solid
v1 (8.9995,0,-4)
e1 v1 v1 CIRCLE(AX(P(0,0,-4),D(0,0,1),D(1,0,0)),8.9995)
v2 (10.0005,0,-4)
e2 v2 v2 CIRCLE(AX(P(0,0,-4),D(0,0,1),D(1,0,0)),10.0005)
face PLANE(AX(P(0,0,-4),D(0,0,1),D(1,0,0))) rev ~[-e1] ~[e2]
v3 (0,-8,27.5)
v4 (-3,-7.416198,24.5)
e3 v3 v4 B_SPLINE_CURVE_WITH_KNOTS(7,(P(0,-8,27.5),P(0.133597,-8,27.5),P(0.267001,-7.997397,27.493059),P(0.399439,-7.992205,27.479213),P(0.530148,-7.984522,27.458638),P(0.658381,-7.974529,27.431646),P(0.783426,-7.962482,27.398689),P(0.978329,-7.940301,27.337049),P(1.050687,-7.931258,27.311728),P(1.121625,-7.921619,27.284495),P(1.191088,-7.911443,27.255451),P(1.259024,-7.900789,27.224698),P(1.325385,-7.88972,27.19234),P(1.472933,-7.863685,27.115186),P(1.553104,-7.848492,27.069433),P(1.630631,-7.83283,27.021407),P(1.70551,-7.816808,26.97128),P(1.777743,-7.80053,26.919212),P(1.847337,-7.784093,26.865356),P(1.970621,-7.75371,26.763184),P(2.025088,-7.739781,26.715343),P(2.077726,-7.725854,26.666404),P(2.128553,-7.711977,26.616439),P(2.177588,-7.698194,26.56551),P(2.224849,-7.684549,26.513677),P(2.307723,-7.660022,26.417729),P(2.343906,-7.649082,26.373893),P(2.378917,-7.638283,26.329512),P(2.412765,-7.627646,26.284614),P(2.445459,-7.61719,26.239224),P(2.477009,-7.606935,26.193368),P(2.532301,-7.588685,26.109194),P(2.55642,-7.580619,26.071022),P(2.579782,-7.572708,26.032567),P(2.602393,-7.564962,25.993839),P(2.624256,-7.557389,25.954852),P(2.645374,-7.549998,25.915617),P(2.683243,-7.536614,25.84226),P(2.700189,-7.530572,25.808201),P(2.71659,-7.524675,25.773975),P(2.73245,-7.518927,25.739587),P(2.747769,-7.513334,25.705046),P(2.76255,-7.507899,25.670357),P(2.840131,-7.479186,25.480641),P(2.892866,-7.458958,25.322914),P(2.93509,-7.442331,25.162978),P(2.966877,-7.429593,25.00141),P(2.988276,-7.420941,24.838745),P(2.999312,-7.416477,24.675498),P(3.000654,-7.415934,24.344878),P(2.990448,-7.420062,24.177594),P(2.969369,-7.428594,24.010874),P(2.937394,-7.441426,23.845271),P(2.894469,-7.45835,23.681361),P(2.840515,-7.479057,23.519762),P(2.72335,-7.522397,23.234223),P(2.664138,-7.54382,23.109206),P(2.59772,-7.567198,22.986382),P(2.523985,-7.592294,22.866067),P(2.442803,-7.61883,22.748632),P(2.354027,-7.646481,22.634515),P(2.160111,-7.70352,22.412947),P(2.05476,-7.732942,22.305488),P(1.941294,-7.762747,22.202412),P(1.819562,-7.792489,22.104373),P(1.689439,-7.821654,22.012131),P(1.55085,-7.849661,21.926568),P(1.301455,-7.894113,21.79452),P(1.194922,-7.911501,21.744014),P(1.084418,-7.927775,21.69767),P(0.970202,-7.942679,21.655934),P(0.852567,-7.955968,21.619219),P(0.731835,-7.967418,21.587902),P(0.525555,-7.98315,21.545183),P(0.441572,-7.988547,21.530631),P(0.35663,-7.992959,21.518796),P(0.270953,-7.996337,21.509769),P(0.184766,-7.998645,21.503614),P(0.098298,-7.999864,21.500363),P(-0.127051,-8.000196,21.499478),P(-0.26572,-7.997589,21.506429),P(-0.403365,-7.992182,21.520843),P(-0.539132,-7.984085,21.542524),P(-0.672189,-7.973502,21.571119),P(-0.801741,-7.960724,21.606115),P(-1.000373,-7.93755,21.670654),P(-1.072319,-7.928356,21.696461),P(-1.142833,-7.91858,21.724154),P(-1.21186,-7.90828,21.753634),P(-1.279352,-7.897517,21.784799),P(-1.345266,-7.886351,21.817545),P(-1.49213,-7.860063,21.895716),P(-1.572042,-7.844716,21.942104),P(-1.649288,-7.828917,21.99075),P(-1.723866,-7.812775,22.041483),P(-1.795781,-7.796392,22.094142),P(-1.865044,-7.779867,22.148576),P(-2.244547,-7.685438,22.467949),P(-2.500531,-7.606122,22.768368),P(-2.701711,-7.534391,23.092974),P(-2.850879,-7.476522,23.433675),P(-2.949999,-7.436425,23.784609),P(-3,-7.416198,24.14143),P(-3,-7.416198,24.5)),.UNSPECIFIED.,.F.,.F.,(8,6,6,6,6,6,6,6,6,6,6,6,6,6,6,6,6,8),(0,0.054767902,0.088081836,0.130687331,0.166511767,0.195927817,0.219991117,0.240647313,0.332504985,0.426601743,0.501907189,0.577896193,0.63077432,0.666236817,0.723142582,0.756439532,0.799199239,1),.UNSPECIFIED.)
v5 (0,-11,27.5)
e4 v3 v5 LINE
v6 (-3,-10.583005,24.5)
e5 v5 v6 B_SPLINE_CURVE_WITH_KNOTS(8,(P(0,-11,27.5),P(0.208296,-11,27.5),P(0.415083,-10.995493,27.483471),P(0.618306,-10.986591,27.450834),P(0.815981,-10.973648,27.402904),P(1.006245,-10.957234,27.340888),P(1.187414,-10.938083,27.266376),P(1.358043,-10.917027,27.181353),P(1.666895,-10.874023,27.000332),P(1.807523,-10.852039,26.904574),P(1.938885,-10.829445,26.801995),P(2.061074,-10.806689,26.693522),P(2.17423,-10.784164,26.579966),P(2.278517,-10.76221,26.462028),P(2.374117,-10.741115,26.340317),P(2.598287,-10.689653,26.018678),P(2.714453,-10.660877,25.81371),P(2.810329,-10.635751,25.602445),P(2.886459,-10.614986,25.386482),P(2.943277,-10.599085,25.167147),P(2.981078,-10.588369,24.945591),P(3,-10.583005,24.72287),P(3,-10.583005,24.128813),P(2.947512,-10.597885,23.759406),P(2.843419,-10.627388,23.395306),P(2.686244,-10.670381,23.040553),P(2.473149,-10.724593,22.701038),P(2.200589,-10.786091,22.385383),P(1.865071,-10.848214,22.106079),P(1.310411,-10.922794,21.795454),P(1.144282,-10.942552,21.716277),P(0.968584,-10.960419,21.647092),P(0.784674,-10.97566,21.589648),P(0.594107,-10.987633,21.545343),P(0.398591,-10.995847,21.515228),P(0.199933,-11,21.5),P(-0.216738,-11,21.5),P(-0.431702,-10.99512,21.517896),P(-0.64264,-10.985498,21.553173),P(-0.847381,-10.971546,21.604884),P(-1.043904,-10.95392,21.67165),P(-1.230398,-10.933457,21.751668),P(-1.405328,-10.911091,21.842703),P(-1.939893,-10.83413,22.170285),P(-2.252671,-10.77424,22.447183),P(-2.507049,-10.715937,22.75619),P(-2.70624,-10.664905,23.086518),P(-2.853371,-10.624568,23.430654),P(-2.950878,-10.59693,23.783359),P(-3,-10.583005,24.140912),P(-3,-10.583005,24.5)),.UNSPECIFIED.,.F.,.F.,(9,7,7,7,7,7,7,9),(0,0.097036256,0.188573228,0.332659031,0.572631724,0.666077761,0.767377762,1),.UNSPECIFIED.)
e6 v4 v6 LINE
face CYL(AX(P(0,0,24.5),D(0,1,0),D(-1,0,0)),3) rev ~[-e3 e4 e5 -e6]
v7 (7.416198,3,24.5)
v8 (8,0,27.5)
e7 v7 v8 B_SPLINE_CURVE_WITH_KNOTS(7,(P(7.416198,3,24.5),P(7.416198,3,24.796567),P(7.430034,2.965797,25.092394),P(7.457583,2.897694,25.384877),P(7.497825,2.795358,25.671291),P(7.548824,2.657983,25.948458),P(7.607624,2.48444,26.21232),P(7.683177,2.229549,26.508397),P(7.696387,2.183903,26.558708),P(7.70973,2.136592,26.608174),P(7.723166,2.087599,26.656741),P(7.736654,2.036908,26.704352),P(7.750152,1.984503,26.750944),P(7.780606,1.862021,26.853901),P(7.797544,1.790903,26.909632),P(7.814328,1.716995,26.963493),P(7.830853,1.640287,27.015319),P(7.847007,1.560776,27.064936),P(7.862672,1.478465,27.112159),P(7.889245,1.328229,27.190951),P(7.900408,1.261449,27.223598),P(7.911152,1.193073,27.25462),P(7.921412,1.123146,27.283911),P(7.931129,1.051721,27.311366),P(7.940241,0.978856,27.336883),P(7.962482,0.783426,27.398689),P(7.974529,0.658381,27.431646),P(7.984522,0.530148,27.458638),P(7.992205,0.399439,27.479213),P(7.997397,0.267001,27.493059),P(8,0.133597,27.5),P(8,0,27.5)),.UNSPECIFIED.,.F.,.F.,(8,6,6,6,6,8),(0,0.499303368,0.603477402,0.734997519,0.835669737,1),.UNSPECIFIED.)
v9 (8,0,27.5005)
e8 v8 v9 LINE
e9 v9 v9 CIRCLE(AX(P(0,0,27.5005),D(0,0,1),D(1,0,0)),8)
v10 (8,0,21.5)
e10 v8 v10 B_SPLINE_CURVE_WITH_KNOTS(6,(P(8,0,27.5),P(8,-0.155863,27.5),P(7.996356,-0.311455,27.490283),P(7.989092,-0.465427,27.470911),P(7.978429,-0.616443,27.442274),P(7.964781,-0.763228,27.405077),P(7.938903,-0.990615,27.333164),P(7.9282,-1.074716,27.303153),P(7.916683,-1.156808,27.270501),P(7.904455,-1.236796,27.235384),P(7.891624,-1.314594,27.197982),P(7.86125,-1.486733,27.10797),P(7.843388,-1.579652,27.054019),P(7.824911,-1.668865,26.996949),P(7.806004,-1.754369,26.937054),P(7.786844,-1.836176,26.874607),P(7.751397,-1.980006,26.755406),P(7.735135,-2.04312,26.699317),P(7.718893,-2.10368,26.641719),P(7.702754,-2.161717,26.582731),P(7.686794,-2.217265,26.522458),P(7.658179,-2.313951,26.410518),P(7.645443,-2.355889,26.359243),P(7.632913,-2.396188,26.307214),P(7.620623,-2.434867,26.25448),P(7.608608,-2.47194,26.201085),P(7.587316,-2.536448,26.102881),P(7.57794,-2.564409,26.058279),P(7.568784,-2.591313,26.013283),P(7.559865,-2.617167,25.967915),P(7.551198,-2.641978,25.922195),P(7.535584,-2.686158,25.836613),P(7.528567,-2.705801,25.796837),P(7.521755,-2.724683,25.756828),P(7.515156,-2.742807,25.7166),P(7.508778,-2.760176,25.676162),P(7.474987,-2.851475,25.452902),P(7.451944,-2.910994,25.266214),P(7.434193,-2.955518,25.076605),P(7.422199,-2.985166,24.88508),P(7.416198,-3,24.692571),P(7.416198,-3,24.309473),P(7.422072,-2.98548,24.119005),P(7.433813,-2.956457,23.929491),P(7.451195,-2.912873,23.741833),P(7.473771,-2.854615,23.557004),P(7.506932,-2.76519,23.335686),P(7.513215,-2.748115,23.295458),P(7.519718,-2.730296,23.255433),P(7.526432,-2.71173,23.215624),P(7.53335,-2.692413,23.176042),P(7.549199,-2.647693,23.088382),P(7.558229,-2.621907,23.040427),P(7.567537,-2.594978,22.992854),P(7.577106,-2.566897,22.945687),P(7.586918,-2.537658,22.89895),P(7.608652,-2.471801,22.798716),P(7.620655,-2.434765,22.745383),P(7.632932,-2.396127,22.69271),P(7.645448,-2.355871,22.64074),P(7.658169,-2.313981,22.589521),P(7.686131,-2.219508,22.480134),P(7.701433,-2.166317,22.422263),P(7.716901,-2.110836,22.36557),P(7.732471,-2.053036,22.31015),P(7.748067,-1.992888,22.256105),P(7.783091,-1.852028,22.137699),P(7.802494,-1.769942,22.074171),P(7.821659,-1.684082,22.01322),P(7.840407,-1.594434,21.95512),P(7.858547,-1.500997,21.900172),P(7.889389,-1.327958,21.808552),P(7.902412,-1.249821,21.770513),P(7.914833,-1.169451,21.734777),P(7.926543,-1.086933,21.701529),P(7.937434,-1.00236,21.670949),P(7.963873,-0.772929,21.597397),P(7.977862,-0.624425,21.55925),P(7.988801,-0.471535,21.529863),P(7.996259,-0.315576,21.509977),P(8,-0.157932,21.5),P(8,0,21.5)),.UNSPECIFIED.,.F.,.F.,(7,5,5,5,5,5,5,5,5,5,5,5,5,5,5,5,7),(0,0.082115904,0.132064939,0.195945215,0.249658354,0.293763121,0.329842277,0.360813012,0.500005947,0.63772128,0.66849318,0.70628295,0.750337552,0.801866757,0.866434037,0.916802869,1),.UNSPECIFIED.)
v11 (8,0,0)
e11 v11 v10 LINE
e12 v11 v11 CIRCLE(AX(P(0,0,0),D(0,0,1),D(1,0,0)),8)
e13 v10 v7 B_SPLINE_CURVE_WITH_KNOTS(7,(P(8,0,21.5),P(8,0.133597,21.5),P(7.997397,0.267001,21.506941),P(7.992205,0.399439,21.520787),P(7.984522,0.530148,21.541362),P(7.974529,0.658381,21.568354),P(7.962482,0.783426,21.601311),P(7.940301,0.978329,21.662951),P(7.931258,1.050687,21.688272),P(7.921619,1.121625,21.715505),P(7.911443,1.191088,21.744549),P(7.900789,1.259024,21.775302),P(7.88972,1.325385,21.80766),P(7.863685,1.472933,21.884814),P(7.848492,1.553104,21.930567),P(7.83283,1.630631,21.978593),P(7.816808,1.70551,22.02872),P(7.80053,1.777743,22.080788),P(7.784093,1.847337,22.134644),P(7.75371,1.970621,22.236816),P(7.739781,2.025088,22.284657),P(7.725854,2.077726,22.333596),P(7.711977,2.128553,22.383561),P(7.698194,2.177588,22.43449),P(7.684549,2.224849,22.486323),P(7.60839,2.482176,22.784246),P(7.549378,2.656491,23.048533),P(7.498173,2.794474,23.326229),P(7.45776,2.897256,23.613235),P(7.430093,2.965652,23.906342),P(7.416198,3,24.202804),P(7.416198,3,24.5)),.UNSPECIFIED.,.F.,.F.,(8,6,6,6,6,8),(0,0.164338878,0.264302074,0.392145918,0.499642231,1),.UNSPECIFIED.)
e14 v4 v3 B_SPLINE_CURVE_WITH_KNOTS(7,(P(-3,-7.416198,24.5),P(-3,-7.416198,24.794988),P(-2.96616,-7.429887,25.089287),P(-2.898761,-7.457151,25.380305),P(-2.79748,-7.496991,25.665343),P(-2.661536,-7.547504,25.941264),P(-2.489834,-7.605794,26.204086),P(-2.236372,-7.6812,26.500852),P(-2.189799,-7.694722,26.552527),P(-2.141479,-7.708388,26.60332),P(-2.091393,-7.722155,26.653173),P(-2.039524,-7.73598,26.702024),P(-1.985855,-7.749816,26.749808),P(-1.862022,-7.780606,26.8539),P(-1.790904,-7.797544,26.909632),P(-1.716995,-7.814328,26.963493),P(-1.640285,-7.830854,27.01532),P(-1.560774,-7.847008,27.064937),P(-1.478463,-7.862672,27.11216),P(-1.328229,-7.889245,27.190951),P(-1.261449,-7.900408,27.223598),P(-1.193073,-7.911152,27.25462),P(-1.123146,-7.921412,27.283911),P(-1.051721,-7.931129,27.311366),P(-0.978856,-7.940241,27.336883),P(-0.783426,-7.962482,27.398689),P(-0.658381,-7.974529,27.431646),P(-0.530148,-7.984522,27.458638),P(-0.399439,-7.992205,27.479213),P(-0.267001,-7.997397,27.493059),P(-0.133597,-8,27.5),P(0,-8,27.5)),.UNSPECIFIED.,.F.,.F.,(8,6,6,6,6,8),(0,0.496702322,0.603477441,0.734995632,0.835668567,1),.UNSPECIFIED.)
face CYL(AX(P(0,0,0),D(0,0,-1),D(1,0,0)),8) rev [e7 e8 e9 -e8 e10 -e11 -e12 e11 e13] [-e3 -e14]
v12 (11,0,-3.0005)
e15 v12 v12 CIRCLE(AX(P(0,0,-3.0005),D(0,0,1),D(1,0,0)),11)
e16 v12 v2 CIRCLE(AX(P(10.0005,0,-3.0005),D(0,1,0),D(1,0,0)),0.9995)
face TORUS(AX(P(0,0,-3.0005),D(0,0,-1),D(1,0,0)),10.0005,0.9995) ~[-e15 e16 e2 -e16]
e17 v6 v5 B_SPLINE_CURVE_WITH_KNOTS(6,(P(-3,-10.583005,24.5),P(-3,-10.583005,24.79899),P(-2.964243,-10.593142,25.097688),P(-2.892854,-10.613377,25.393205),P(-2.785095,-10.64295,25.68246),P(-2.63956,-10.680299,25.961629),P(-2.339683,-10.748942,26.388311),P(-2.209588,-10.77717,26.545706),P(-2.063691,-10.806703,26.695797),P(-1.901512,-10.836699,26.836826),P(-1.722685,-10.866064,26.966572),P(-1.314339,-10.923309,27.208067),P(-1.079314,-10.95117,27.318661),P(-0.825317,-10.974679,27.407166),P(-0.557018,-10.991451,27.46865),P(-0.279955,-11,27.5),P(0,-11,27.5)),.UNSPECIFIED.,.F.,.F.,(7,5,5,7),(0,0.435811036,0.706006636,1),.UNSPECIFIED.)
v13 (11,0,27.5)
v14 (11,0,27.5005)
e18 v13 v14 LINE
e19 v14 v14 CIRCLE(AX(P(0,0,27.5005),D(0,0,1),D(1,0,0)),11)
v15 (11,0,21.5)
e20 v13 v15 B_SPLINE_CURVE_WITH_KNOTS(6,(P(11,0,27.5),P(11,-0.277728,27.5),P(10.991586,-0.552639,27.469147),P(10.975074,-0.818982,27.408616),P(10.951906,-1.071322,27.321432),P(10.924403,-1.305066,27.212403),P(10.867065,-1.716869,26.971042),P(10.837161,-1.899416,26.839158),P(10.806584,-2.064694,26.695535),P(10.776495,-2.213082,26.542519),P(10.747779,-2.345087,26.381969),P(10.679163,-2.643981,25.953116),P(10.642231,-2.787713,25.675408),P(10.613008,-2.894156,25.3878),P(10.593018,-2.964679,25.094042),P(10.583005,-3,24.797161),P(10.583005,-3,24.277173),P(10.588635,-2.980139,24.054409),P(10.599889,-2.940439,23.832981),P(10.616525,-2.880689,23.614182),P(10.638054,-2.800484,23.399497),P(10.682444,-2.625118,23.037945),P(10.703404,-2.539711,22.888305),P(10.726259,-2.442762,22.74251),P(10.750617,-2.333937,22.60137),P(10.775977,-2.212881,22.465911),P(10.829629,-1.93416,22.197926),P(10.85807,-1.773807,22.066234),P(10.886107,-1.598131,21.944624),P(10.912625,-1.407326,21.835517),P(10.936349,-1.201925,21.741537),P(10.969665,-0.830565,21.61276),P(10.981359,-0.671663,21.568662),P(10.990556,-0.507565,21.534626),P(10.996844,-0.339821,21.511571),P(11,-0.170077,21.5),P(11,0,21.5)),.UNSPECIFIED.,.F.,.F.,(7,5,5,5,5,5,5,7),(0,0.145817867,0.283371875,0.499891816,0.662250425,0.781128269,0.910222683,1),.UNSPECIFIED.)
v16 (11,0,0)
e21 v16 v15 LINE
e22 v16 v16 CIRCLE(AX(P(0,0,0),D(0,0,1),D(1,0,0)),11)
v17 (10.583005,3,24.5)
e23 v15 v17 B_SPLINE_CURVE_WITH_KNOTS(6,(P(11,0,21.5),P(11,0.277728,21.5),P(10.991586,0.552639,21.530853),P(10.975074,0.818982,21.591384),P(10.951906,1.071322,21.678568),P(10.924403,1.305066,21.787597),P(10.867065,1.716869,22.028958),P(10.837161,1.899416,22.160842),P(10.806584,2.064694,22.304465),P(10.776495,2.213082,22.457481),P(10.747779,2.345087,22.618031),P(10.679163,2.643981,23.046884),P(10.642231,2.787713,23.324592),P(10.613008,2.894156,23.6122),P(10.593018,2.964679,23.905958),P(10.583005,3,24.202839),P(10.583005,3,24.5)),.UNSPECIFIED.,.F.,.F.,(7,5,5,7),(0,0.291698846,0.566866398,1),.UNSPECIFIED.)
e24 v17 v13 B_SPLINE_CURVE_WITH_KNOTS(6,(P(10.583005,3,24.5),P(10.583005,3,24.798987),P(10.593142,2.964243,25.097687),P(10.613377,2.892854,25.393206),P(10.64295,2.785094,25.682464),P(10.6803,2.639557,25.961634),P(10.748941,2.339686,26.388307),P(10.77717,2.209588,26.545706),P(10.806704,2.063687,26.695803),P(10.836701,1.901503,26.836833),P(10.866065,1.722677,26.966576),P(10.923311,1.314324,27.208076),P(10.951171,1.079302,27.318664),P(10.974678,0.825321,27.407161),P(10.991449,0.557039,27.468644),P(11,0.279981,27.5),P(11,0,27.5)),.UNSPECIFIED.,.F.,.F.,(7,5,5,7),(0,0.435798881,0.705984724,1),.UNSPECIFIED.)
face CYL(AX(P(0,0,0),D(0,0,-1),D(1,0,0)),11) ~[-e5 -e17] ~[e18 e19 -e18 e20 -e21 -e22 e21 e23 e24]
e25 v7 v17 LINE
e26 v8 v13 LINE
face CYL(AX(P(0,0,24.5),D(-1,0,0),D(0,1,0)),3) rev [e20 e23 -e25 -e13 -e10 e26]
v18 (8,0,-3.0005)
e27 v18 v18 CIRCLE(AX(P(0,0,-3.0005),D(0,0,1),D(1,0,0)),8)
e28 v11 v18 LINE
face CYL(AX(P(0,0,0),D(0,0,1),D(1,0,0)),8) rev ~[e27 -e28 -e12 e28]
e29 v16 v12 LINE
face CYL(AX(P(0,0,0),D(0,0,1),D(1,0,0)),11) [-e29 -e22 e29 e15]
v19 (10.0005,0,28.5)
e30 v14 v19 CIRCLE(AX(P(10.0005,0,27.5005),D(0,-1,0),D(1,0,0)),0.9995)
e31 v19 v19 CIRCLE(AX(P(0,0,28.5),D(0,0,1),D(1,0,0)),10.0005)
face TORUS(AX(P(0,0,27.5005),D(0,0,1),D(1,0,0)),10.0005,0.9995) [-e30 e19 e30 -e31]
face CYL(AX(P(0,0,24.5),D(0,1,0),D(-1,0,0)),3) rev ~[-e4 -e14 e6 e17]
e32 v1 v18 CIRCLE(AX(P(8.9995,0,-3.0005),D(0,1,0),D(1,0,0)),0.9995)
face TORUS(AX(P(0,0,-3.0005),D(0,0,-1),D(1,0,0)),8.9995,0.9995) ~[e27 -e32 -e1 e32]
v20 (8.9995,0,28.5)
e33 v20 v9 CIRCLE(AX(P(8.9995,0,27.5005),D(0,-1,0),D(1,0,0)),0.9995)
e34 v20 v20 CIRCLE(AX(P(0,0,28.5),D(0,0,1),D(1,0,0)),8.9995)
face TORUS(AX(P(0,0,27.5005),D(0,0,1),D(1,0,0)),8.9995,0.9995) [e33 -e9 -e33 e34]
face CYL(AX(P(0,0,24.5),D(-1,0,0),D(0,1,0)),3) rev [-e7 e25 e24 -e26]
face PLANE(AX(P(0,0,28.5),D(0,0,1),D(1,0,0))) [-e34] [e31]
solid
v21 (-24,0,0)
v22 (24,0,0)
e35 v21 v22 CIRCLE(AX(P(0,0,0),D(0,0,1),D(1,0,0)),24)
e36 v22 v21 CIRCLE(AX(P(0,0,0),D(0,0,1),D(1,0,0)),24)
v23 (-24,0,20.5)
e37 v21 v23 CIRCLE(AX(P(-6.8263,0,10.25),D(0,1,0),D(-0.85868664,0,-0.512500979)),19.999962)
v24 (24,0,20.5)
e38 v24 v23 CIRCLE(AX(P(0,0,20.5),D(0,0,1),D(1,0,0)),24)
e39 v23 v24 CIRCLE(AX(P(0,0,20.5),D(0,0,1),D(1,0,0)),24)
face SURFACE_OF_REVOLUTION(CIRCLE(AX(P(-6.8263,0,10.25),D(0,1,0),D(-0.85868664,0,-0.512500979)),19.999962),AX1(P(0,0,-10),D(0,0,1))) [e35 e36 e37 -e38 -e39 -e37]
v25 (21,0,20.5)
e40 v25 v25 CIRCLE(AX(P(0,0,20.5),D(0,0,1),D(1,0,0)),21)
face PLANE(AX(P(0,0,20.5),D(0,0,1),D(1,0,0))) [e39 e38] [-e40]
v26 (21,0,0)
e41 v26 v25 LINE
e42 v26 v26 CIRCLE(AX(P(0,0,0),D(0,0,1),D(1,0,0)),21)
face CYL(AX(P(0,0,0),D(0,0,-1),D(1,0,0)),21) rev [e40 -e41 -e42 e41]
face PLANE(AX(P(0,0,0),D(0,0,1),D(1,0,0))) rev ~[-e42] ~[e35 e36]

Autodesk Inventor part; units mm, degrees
ref_plane "YZ Plane" through (0, 0, 0) normal (1, 0, 0) x (0, 1, 0)
ref_plane "XZ Plane" through (0, 0, 0) normal (0, 1, 0) x (-1, 0, 0)
sketch "Sketch1" plane through (0, 0, 0) normal (0, 0, 1) x (1, 0, 0)
  circle A0 centre (0, 0) radius 24
  circle A1 centre (0, 0) radius 21
  circle A2 centre (0, 0) radius 8
  circle A3 centre (0, 0) radius 11
  dimension "d0" = 48
  dimension "d1" = 3
  dimension "d2" = 16
  dimension "d3" = 3
extrude "Extrusion1" add sketch "Sketch1" along normal blind 20.5 contours A0
extrude "Extrusion2" add sketch "Sketch1" along normal blind 28.5 and the other way blind 4 contours A3
sketch "Sketch2" plane through (0, 0, 0) normal (0, 1, 0) x (-1, 0, 0)
  line L0 (-11, -4) -> (-11, 28.5) projected
  line L1 (-8, 28.5) -> (8, 28.5) projected
  line L2 (0, 28.5) -> (0, 24.5)
  circle A0 centre (0, 24.5) radius 3
  point P0 (0, 0)
  dimension "d10" = 4
  dimension "d11" = 6
extrude "Extrusion3" cut sketch "Sketch2" against normal blind 28.5
sketch "Sketch3" plane through (0, 0, 0) normal (1, 0, 0) x (0, 1, 0)
  line L0 (-8, 28.5) -> (8, 28.5) projected
  line L1 (0, 28.5) -> (0, 24.5)
  circle A0 centre (0, 24.5) radius 3
  point P0 (0, 0)
  dimension "d14" = 4
  dimension "d15" = 6
extrude "Extrusion4" cut sketch "Sketch3" along normal blind 28.5
fillet "Fillet1" radius 1 4 edges at (-11, 0, 28.5) (-8, 0, 28.5) (-11, 0, -4) (-8, 0, -4)
sketch "Sketch4" plane through (0, 0, 0) normal (0, 1, 0) x (-1, 0, 0)
  line L0 (24, 0) -> (24, 20.5) projected
  arc A0 (24, 0) -> (24, 20.5) centre (6.8263, 10.25) ccw
  line L1 (0, -4.1) -> (0, 24.6) projected
  point P0 (0, 0)
  dimension "d19" = 20
revolve "Revolution1" add sketch "Sketch4" angle 360 about axis through (0, 0, -10) along (0, 0, 1)
ref_plane "Work Plane1" through (0, 0, 10.25) normal (0, 0, 1) x (1, 0, 0)
sketch "Sketch5" plane through (0, 0, 10.25) normal (0, 0, 1) x (1, 0, 0)
  line L0 (0, 0) -> (2.6572, 0)
  line L1 (0, 0) -> (0, -2.5707)
properties part number "2"
